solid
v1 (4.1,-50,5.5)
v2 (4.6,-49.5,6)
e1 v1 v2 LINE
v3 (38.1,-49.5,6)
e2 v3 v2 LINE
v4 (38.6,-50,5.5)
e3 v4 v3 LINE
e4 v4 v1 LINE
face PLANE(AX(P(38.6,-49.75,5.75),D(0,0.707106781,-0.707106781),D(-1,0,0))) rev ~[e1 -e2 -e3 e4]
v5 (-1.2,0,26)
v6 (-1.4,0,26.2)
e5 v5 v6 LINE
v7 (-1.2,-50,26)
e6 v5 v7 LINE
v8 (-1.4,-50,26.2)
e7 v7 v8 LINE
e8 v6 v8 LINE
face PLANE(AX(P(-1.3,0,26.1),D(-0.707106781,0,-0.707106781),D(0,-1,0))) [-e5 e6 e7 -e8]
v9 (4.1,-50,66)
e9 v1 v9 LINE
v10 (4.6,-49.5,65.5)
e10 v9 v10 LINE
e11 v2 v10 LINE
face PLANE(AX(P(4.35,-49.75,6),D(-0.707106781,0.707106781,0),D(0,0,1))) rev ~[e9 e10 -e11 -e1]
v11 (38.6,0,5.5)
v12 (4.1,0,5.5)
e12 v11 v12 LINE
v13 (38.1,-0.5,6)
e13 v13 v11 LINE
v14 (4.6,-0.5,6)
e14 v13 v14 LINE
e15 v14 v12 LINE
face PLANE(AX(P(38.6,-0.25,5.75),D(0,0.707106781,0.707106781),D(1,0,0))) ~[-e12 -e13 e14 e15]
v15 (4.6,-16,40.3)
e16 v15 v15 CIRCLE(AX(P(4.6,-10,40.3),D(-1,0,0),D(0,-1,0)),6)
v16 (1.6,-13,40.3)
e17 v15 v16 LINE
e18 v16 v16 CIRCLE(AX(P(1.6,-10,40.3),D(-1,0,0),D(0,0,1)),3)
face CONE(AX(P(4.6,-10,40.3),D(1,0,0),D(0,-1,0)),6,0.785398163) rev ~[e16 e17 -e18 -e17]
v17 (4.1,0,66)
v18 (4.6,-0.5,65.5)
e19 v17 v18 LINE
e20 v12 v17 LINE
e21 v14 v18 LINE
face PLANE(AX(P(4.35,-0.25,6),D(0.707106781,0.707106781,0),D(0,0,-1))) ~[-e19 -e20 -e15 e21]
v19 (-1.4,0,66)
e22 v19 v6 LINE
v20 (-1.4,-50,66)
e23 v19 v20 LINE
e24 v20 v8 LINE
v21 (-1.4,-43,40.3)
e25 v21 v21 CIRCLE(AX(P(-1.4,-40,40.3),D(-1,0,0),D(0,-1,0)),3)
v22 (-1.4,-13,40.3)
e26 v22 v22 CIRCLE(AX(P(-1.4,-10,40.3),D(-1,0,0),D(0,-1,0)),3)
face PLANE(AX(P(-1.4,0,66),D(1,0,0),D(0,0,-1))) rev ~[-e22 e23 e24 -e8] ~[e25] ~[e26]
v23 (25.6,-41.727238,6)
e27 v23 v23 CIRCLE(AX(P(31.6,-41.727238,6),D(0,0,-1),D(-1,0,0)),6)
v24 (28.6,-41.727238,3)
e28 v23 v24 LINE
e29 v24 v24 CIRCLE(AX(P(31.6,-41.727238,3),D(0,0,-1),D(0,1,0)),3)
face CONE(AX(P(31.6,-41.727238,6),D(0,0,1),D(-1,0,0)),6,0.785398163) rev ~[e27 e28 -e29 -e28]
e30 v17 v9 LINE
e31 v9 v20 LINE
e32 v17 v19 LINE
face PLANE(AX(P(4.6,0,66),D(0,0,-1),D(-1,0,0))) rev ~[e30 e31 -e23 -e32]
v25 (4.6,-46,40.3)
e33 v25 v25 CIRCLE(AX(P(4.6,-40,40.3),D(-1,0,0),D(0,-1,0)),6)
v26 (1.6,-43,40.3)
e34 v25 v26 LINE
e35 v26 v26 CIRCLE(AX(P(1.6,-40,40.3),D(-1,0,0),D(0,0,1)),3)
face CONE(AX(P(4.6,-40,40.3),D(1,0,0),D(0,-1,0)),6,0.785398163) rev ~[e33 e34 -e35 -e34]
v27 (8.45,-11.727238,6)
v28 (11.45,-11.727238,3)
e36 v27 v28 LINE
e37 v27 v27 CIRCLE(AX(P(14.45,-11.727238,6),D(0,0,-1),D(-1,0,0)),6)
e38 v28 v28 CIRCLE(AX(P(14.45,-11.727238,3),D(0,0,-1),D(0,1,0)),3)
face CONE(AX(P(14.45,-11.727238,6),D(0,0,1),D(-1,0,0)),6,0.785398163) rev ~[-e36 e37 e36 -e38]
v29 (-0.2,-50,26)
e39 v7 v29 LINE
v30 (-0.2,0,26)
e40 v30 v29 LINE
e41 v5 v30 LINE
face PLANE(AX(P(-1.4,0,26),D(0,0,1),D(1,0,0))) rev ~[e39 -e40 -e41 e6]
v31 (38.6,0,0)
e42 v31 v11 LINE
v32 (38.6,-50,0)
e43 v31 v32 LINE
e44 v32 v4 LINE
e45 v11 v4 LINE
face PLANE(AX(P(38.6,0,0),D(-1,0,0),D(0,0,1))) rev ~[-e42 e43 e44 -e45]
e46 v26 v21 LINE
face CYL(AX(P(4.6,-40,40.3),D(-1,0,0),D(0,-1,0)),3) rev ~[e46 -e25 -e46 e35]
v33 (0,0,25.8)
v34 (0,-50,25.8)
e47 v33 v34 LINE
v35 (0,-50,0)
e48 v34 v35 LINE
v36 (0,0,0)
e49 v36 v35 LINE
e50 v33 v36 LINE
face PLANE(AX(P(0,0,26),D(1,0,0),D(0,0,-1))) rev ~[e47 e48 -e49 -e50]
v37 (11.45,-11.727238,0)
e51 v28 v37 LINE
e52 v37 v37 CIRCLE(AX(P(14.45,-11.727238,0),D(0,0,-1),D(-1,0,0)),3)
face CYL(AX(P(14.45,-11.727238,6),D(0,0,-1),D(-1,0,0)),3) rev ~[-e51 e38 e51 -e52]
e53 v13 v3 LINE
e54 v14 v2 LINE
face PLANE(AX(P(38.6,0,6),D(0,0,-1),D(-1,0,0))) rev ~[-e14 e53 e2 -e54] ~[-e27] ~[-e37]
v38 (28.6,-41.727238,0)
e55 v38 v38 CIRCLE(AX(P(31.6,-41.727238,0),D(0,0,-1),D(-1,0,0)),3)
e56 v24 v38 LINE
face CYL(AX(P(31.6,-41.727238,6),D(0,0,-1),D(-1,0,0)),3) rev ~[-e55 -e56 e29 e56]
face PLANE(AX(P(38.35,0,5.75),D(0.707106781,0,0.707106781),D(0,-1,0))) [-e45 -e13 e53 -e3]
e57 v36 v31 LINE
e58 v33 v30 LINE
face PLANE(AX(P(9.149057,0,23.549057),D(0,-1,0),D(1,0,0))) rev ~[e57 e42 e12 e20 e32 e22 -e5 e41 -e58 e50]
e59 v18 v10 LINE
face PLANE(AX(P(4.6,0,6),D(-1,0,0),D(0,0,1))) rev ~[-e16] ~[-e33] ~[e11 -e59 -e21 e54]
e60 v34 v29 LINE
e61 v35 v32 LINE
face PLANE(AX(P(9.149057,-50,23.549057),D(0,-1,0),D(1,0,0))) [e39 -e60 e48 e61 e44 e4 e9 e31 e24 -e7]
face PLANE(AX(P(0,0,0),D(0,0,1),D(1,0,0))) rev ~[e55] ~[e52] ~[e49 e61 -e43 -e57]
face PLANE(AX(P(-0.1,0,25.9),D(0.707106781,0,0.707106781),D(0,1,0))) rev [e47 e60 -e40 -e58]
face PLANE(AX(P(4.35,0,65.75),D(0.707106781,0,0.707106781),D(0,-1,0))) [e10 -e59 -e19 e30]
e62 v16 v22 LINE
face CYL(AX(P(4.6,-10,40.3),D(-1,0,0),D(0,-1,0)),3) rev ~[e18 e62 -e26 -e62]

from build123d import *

# Parameters (mm, degrees)
F1_DEPTH       = 50
F3_D           = 6
F3_DEPTH       = 12
F3_CSINK_D     = 12
F3_CSINK_ANGLE = 90
F5_D           = 6
F5_DEPTH       = 12
F5_CSINK_D     = 12
F5_CSINK_ANGLE = 90
F6_SIZE        = 0.5
F7_SIZE        = 0.2


with BuildPart() as f1:
    # F0 (on Front) → F1 (new body)
    with BuildSketch(Plane.XZ):
        Polygon((0, 26), (0, 0), (38.6, 0), (38.6, 6), (4.6, 6), (4.6, 66), (-1.4, 66), (-1.4, 26), align=None)
    extrude(amount=F1_DEPTH)

    # F3
    with Locations(Plane.YZ.offset(4.6)):
        with Locations((-40, 40.3), (-10, 40.3)):
            CounterSinkHole(F3_D / 2, F3_CSINK_D / 2, depth=F3_DEPTH, counter_sink_angle=F3_CSINK_ANGLE)

    # F5
    with Locations(Plane.XY.offset(6)):
        with Locations((14.45, -11.727238), (31.6, -41.727238)):
            CounterSinkHole(F5_D / 2, F5_CSINK_D / 2, depth=F5_DEPTH, counter_sink_angle=F5_CSINK_ANGLE)

    # F6
    f6_edges = [f1.edges().sort_by_distance(p)[0] for p in [
        (4.6, -25, 66),
        (4.6, -50, 36),
        (4.6, 0, 36),
        (21.6, -50, 6),
        (38.6, -25, 6),
        (21.6, 0, 6),
    ]]
    chamfer(f6_edges, length=F6_SIZE)

    # F7
    f7_edges = [f1.edges().sort_by_distance(p)[0] for p in [
        (-1.4, -25, 26),
        (0, -25, 26),
    ]]
    chamfer(f7_edges, length=F7_SIZE)


solid = f1.part
